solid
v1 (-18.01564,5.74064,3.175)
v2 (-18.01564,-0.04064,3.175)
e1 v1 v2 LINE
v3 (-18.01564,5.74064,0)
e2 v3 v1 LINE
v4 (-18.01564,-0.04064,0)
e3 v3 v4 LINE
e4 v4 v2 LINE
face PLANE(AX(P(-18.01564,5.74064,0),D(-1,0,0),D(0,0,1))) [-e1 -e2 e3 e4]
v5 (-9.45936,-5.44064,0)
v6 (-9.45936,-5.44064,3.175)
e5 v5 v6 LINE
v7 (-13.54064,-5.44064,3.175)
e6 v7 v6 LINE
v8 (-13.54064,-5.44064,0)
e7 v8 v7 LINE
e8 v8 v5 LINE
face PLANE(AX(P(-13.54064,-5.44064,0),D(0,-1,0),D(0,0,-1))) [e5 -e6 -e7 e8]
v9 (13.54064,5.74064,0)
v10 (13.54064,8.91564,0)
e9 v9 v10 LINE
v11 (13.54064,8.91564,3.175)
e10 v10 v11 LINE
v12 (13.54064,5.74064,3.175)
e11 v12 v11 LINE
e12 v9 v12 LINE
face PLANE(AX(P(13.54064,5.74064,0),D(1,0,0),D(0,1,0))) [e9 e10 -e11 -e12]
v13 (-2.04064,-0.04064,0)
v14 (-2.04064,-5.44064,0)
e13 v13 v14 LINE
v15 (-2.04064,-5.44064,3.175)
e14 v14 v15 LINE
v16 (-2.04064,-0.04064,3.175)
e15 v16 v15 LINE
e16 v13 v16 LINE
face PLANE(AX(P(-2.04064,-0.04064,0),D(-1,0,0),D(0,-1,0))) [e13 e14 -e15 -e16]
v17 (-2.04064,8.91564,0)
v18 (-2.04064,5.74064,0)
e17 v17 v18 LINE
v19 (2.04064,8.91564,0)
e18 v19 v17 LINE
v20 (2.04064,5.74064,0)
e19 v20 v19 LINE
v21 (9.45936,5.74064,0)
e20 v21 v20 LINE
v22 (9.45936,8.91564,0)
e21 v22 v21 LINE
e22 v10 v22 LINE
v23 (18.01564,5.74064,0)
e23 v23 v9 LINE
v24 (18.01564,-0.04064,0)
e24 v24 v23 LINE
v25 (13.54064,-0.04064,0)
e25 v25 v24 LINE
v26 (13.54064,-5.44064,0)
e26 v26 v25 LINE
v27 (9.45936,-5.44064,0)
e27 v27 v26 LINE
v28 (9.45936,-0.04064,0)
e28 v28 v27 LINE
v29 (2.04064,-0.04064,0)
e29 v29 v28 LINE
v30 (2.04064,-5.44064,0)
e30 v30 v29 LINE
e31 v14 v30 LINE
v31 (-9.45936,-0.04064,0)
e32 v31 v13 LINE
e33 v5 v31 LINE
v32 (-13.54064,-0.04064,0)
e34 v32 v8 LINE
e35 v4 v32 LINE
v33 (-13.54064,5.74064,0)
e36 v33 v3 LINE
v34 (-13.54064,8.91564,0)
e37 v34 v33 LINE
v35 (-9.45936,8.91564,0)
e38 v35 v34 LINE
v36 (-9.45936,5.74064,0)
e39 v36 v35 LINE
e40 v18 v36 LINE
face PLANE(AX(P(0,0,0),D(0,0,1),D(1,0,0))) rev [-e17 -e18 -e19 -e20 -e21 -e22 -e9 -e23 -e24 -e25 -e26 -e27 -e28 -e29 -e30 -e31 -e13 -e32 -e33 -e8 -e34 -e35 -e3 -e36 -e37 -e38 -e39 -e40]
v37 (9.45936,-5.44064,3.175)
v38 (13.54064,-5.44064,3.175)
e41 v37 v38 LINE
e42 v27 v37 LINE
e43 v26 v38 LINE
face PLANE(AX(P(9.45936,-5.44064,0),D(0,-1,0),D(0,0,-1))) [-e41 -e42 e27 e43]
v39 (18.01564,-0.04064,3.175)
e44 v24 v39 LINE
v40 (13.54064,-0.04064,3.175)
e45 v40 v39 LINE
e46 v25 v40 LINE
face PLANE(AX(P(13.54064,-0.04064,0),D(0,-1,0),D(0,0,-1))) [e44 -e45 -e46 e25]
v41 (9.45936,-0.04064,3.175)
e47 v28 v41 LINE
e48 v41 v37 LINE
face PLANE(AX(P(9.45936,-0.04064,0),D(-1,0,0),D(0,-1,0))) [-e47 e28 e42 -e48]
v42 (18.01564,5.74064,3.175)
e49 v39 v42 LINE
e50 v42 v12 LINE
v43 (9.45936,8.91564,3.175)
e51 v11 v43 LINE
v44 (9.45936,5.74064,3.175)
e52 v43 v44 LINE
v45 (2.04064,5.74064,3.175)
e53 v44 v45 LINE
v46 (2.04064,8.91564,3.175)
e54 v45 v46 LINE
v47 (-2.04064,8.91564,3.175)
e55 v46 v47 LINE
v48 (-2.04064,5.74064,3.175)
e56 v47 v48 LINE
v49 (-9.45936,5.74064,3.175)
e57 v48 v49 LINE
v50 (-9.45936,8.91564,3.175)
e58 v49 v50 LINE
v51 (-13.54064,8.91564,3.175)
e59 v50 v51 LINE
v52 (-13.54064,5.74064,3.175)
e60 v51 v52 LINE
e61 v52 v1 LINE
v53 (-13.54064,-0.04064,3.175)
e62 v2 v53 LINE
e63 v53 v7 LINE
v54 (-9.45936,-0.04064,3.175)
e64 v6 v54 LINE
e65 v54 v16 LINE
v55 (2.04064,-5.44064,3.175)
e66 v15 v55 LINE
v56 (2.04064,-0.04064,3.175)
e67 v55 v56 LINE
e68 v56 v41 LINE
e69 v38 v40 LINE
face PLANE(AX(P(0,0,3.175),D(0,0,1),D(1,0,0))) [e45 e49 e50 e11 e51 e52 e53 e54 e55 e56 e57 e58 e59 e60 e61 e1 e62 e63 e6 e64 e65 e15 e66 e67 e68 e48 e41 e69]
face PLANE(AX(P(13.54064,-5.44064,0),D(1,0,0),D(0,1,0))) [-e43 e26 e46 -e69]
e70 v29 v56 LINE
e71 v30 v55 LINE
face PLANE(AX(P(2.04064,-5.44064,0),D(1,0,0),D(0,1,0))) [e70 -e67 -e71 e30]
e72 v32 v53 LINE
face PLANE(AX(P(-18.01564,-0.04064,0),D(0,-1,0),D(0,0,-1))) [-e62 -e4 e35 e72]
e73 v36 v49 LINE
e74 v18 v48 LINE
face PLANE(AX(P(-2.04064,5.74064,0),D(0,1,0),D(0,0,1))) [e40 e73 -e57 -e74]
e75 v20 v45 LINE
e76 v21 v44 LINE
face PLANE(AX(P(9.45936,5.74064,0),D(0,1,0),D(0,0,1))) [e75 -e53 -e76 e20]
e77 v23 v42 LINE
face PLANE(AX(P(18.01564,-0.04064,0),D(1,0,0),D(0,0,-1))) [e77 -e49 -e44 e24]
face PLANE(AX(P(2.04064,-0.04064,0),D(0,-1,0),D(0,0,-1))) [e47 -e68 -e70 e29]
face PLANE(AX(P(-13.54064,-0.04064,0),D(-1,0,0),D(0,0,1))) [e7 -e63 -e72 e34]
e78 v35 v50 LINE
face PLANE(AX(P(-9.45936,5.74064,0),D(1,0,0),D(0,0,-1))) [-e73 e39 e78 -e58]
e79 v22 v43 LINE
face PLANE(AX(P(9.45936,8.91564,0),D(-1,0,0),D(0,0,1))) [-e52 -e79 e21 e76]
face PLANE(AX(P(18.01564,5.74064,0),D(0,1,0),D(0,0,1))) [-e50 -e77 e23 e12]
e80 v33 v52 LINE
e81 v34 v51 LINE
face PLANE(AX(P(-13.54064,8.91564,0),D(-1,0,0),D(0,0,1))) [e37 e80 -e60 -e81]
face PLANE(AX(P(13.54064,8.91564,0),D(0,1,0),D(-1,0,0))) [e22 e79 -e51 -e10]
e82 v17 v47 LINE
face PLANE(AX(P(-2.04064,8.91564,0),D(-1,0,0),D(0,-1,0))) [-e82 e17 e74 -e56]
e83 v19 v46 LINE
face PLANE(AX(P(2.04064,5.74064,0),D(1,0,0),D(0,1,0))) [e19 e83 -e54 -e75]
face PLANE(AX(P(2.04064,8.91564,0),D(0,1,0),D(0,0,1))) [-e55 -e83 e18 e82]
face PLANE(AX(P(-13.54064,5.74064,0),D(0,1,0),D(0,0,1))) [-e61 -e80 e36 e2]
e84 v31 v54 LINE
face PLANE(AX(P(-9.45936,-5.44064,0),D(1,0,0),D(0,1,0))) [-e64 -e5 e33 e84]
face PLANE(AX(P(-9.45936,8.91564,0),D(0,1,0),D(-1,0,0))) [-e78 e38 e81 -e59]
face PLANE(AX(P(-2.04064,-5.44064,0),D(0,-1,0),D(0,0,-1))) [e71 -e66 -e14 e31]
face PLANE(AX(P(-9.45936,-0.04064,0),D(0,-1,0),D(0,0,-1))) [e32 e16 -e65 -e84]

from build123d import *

# Parameters (mm, degrees)
SKETCH1_W           = 4
SKETCH1_H           = 3.175
SKETCH1_W_2         = 42.3
SKETCH1_H_2         = 5.7
SKETCH1_H_3         = 2.225
BOSS_EXTRUDE1_DEPTH = 3.175
CUT_EXTRUDE2_DEPTH  = 23.175
BOSS_EXTRUDE2_DEPTH = 3.175


with BuildPart() as part:
    # Sketch1 → Boss-Extrude1 (new body)
    with BuildSketch(Plane.XY):
        with Locations((-11.5, -1.5875)):
            Rectangle(SKETCH1_W, SKETCH1_H)
        with Locations((-11.5, 7.2875)):
            Rectangle(SKETCH1_W, SKETCH1_H)
        with Locations((0, 7.2875)):
            Rectangle(SKETCH1_W, SKETCH1_H)
        with Locations((0, -1.5875)):
            Rectangle(SKETCH1_W, SKETCH1_H)
        with Locations((11.5, 7.2875)):
            Rectangle(SKETCH1_W, SKETCH1_H)
        with Locations((11.5, -1.5875)):
            Rectangle(SKETCH1_W, SKETCH1_H)
        with Locations((0, 2.85)):
            Rectangle(SKETCH1_W_2, SKETCH1_H_2)
        with Locations((-11.5, -4.2875)):
            Rectangle(SKETCH1_W, SKETCH1_H_3)
        with Locations((0, -4.2875)):
            Rectangle(SKETCH1_W, SKETCH1_H_3)
        with Locations((11.5, -4.2875)):
            Rectangle(SKETCH1_W, SKETCH1_H_3)
    extrude(amount=BOSS_EXTRUDE1_DEPTH)

    # Sketch2 → Cut-Extrude2 (cut)
    with BuildSketch(Plane(origin=(0, 5.7, 0), x_dir=(1, 0, 0), z_dir=(0, 1, 0))):
        Polygon((-17.975, 0), (-21.15, 0), (-21.15, -3.175), align=None)
        Polygon((-17.975, -3.175), (-17.975, 0), (-21.15, -3.175), align=None)
        Polygon((21.15, -3.175), (17.975, -3.175), (17.975, 0), align=None)
        Polygon((21.15, -3.175), (17.975, 0), (21.15, 0), align=None)
    extrude(amount=-CUT_EXTRUDE2_DEPTH, mode=Mode.SUBTRACT)

    # Sketch3 → Boss-Extrude2 (add)
    with BuildSketch(Plane.XY.offset(3.175)):
        Polygon((-13.54064, -5.44064), (-9.45936, -5.44064), (-9.45936, -0.04064), (-2.04064, -0.04064), (-2.04064, -5.44064), (2.04064, -5.44064), (2.04064, -0.04064), (9.45936, -0.04064), (9.45936, -5.44064), (13.54064, -5.44064), (13.54064, -0.04064), (18.01564, -0.04064), (18.01564, 5.74064), (13.54064, 5.74064), (13.54064, 8.91564), (9.45936, 8.91564), (9.45936, 5.74064), (2.04064, 5.74064), (2.04064, 8.91564), (-2.04064, 8.91564), (-2.04064, 5.74064), (-9.45936, 5.74064), (-9.45936, 8.91564), (-13.54064, 8.91564), (-13.54064, 5.74064), (-18.01564, 5.74064), (-18.01564, -0.04064), (-13.54064, -0.04064), align=None)
    extrude(amount=-BOSS_EXTRUDE2_DEPTH)


solid = part.part
